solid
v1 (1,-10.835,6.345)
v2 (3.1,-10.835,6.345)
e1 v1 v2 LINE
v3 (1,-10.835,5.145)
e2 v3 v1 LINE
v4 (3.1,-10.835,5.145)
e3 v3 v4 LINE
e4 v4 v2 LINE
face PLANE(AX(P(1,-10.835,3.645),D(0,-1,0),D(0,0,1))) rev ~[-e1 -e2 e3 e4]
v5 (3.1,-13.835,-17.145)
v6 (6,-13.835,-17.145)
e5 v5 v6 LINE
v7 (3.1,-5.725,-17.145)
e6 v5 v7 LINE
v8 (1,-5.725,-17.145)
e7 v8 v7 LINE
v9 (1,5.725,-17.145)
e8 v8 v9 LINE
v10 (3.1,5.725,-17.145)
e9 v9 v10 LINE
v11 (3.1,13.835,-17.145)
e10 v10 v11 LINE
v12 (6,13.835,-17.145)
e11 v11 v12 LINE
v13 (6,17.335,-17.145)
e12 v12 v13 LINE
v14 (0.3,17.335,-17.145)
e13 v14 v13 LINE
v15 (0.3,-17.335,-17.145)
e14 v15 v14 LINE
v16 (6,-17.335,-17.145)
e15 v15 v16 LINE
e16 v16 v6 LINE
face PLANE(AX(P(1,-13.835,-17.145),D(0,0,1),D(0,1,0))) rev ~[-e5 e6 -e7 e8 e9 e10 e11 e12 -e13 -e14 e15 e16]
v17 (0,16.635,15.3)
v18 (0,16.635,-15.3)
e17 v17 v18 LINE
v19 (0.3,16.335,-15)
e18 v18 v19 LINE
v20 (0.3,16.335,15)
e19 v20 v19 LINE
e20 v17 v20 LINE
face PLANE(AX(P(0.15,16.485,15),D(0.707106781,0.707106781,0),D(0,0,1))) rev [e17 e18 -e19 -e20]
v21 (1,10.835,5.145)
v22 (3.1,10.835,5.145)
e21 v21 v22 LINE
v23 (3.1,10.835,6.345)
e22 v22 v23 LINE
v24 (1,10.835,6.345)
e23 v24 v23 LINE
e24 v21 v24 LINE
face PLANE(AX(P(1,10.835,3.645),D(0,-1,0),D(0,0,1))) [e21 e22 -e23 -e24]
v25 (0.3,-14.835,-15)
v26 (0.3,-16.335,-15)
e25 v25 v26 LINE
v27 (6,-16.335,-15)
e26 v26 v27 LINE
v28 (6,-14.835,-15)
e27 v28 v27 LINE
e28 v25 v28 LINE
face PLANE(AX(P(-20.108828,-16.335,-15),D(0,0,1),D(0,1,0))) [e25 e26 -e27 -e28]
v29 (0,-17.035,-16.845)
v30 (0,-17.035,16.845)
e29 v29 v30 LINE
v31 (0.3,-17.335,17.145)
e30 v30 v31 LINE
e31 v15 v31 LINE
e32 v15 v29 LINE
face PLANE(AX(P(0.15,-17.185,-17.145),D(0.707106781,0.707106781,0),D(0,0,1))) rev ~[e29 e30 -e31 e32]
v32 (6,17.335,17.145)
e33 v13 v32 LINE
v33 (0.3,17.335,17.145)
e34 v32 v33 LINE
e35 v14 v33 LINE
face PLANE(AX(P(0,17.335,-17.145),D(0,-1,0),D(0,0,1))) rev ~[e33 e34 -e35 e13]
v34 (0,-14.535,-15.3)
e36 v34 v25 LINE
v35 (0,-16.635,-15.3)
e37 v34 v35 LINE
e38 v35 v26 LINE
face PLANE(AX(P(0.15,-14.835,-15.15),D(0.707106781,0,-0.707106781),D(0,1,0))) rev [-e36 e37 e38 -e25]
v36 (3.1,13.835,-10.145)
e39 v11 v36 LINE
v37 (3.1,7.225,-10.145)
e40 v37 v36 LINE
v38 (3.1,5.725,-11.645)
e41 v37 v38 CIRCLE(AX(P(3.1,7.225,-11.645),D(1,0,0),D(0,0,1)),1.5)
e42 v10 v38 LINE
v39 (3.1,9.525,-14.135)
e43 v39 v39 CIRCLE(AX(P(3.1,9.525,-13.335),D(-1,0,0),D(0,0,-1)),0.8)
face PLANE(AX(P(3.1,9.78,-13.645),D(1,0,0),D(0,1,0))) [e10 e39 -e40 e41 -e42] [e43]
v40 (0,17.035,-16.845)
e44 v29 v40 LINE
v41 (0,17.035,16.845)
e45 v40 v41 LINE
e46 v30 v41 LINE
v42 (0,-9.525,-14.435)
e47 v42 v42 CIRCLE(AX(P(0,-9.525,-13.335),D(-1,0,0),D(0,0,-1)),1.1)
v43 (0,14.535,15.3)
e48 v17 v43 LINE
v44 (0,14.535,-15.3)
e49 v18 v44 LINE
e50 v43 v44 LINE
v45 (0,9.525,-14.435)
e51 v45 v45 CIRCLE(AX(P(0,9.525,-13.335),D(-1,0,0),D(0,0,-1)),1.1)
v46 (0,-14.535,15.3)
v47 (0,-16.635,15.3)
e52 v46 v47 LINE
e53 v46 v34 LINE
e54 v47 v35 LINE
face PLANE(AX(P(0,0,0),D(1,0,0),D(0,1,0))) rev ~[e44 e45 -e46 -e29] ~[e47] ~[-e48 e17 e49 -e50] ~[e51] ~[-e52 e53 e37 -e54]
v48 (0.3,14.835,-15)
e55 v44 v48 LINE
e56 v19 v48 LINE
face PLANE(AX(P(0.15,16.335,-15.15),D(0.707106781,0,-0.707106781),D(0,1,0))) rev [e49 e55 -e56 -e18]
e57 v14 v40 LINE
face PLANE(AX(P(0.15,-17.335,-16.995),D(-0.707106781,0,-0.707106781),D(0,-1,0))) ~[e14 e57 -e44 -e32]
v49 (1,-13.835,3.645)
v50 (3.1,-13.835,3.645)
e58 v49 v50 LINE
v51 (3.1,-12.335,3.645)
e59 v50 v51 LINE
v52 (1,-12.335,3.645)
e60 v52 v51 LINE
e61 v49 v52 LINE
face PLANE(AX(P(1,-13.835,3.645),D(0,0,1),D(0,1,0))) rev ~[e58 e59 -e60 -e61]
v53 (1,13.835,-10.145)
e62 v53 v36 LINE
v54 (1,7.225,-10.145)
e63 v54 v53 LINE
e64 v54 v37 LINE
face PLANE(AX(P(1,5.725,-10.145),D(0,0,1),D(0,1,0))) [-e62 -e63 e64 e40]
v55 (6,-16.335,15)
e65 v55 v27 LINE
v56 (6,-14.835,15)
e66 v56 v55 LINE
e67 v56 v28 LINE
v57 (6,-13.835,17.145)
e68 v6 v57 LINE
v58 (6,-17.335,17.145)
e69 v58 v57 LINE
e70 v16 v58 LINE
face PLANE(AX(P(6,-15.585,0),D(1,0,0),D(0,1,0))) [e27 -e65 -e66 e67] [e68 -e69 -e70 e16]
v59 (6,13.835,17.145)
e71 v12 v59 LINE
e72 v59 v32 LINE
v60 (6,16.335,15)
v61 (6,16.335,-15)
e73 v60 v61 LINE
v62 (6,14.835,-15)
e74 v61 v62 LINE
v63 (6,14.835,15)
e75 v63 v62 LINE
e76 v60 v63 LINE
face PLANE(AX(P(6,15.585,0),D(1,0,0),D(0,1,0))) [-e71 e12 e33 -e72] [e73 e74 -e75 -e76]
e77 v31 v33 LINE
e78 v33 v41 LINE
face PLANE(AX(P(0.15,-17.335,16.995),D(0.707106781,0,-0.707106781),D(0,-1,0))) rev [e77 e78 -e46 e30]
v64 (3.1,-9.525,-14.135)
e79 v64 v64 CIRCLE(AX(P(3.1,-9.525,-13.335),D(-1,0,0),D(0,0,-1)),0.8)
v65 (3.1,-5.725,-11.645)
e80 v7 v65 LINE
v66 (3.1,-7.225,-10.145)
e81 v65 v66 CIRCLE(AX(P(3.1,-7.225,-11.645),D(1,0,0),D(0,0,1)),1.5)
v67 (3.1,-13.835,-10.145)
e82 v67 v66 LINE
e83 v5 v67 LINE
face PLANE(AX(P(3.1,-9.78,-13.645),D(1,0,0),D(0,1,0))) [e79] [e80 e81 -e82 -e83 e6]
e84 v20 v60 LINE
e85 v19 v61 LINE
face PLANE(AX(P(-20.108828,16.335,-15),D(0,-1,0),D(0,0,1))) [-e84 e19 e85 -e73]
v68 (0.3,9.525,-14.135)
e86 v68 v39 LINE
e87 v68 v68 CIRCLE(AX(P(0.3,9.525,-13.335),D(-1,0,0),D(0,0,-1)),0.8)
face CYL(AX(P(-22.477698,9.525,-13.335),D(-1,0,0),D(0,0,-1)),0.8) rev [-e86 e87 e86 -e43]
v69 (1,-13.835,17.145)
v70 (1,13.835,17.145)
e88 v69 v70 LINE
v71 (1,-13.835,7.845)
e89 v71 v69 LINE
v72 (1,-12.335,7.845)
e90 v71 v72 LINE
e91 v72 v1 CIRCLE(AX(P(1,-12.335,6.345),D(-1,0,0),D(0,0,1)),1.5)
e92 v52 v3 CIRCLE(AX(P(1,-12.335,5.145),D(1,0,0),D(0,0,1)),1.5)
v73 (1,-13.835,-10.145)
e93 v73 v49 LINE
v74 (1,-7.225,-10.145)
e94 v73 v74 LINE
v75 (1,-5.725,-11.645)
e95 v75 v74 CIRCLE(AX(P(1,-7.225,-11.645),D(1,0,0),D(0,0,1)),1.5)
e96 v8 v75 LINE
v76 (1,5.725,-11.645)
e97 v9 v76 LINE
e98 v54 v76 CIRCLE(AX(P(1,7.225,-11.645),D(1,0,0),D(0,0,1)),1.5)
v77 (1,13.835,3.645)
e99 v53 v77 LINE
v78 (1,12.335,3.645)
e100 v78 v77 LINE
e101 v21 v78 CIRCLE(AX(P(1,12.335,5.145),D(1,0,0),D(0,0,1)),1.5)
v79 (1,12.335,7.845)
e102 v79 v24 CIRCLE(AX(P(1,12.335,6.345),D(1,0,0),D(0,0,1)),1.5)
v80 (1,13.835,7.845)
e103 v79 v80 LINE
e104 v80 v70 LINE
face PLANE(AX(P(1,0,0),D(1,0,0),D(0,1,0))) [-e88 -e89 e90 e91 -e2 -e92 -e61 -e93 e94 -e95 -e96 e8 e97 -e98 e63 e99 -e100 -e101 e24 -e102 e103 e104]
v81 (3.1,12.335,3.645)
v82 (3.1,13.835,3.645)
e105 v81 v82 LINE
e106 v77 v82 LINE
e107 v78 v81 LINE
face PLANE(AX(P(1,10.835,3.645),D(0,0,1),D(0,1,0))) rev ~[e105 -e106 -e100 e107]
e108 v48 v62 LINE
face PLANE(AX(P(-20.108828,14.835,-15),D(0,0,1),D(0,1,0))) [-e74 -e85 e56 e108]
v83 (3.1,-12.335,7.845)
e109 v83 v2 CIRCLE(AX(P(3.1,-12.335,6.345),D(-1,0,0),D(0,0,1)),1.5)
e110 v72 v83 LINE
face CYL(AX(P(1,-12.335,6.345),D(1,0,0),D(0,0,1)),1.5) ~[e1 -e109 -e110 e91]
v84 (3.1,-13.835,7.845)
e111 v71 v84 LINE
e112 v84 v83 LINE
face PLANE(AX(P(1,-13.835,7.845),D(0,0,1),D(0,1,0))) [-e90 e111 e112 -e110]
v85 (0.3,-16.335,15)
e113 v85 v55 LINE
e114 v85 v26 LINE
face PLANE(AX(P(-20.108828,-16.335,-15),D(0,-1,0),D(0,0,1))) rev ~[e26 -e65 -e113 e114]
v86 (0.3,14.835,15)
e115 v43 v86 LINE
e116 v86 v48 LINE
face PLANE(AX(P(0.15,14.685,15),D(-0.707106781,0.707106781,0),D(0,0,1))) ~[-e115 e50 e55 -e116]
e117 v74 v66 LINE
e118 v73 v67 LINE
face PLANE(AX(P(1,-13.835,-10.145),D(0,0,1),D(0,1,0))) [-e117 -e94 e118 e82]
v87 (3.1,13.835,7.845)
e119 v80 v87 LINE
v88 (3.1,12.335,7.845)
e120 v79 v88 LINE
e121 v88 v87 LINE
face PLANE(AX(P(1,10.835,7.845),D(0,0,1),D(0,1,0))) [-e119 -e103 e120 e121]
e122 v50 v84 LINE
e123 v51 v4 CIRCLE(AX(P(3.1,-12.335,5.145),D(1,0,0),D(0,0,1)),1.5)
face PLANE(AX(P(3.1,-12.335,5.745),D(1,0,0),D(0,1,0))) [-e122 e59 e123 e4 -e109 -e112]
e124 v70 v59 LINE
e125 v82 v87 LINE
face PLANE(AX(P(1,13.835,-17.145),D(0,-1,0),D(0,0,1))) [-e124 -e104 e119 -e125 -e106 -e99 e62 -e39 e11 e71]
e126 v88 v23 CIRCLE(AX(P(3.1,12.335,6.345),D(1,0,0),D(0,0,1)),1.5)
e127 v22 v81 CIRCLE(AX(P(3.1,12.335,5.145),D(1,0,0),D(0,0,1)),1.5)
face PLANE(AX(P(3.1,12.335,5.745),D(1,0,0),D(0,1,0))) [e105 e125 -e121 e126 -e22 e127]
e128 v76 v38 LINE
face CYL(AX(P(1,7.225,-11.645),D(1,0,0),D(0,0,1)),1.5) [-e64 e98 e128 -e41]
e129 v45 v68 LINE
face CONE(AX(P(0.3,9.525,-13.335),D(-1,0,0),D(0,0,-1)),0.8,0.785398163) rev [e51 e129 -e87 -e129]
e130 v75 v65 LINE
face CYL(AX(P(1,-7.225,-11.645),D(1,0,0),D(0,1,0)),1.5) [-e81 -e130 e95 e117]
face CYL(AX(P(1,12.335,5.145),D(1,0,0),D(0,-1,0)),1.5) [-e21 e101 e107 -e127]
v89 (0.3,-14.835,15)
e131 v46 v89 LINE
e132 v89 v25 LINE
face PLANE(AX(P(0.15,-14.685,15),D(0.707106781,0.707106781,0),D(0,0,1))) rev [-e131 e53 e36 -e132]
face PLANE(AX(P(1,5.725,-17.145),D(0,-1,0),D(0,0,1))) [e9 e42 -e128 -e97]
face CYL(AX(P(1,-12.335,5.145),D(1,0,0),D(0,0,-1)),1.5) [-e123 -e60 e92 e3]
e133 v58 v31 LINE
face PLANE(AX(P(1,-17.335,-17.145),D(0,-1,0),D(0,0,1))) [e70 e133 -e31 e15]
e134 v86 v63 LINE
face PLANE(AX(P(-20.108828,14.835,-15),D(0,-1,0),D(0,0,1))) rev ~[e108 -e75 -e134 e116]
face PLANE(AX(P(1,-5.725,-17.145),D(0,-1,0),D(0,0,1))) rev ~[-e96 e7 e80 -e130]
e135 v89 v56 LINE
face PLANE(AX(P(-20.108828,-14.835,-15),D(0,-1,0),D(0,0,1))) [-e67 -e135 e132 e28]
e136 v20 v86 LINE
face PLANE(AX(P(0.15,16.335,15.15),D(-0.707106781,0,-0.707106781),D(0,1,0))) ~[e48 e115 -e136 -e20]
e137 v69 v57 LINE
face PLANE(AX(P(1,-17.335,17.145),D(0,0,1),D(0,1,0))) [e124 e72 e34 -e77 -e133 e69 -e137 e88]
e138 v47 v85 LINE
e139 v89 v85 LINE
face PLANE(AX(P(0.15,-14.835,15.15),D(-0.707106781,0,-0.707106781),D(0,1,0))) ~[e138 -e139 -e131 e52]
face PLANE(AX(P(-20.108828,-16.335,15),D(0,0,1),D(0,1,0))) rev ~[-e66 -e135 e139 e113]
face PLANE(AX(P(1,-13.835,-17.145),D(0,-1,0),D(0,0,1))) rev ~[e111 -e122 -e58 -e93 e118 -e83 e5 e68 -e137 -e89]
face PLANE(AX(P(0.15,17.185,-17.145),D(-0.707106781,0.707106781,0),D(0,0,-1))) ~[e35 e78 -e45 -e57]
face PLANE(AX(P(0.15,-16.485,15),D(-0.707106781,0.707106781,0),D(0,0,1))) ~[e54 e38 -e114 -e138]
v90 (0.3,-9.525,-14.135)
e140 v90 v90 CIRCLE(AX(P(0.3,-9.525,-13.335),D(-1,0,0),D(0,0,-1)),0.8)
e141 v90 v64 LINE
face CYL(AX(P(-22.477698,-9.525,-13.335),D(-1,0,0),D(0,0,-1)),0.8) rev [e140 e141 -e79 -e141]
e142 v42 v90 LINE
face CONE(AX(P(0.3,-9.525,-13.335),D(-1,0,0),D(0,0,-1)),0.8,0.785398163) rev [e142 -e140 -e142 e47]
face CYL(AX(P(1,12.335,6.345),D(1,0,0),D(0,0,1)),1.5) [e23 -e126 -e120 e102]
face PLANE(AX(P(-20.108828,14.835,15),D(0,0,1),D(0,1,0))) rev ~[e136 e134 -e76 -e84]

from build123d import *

# Parameters (mm, degrees)
SKETCH1_W               = 34.67
SKETCH1_H               = 34.29
BOSS_EXTRUDE1_DEPTH     = 1
SKETCH3_W               = 3.5
SKETCH3_H               = 34.29
BOSS_EXTRUDE2_DEPTH     = 5
CUT_EXTRUDE1_DEPTH      = 26.108828129
CUT_EXTRUDE1_DEPTH_BACK = 26.108828129
SKETCH5_W               = 1.5
SKETCH5_H               = 30
SKETCH6_W               = 3
SKETCH6_H               = 4.2
SKETCH6_W_2             = 8.11
SKETCH6_H_2             = 7
BOSS_EXTRUDE3_DEPTH     = 2.1
FILLET1_R               = 1.5
CUT_EXTRUDE2_DEPTH      = 25.577698224
CUT_EXTRUDE2_DEPTH_BACK = 25.577698224
SKETCH7_R               = 0.8
CHAMFER1_SIZE           = 0.3


with BuildPart() as part:
    # Sketch1 → Boss-Extrude1 (new body)
    with BuildSketch(Plane.YZ):
        Rectangle(SKETCH1_W, SKETCH1_H)
    extrude(amount=BOSS_EXTRUDE1_DEPTH)

    # Sketch3 → Boss-Extrude2 (add)
    with BuildSketch(Plane.YZ.offset(1)):
        with Locations((-15.585, 0)):
            Rectangle(SKETCH3_W, SKETCH3_H)
        with Locations((15.585, 0)):
            Rectangle(SKETCH3_W, SKETCH3_H)
    extrude(amount=BOSS_EXTRUDE2_DEPTH)

    # Sketch5 → Cut-Extrude1 (cut, two sides: drawn at the far end of the back side and taken through both)
    with BuildSketch(Plane.YZ.offset(6).offset(-CUT_EXTRUDE1_DEPTH_BACK)):
        with Locations((-15.585, 0)):
            Rectangle(SKETCH5_W, SKETCH5_H)
        with Locations((15.585, 0)):
            Rectangle(SKETCH5_W, SKETCH5_H)
    extrude(amount=CUT_EXTRUDE1_DEPTH + CUT_EXTRUDE1_DEPTH_BACK, mode=Mode.SUBTRACT)

    # Sketch6 → Boss-Extrude3 (add)
    with BuildSketch(Plane.YZ.offset(1)):
        with Locations((-12.335, 5.745)):
            Rectangle(SKETCH6_W, SKETCH6_H)
        with Locations((-9.78, -13.645)):
            Rectangle(SKETCH6_W_2, SKETCH6_H_2)
        with Locations((9.78, -13.645)):
            Rectangle(SKETCH6_W_2, SKETCH6_H_2)
        with Locations((12.335, 5.745)):
            Rectangle(SKETCH6_W, SKETCH6_H)
    extrude(amount=BOSS_EXTRUDE3_DEPTH)

    # Fillet1
    fillet1_edges = [part.edges().sort_by_distance(p)[0] for p in [
        (2.05, 5.725, -10.145),
        (2.05, -5.725, -10.145),
        (2.05, -10.835, 3.645),
        (2.05, -10.835, 7.845),
        (2.05, 10.835, 7.845),
        (2.05, 10.835, 3.645),
    ]]
    fillet(fillet1_edges, radius=FILLET1_R)

    # Sketch7 → Cut-Extrude2 (cut, two sides: drawn at the far end of the back side and taken through both)
    with BuildSketch(Plane.YZ.offset(3.1).offset(-CUT_EXTRUDE2_DEPTH_BACK)):
        with Locations(Location((-9.525, -13.335, 0), (0, 0, 270))):
            Circle(SKETCH7_R)
        with Locations(Location((9.525, -13.335, 0), (0, 0, 270))):
            Circle(SKETCH7_R)
    extrude(amount=CUT_EXTRUDE2_DEPTH + CUT_EXTRUDE2_DEPTH_BACK, mode=Mode.SUBTRACT)

    # Chamfer1
    chamfer1_edges = [part.edges().sort_by_distance(p)[0] for p in [
        (0, -9.525, -12.535),
        (0, 9.525, -12.535),
        (0, 0, -17.145),
        (0, -17.335, 0),
        (0, -14.835, 0),
        (0, -15.585, -15),
        (0, -16.335, 0),
        (0, -15.585, 15),
        (0, 0, 17.145),
        (0, 16.335, 0),
        (0, 15.585, -15),
        (0, 14.835, 0),
        (0, 17.335, 0),
        (0, 15.585, 15),
    ]]
    chamfer(chamfer1_edges, length=CHAMFER1_SIZE)


solid = part.part
